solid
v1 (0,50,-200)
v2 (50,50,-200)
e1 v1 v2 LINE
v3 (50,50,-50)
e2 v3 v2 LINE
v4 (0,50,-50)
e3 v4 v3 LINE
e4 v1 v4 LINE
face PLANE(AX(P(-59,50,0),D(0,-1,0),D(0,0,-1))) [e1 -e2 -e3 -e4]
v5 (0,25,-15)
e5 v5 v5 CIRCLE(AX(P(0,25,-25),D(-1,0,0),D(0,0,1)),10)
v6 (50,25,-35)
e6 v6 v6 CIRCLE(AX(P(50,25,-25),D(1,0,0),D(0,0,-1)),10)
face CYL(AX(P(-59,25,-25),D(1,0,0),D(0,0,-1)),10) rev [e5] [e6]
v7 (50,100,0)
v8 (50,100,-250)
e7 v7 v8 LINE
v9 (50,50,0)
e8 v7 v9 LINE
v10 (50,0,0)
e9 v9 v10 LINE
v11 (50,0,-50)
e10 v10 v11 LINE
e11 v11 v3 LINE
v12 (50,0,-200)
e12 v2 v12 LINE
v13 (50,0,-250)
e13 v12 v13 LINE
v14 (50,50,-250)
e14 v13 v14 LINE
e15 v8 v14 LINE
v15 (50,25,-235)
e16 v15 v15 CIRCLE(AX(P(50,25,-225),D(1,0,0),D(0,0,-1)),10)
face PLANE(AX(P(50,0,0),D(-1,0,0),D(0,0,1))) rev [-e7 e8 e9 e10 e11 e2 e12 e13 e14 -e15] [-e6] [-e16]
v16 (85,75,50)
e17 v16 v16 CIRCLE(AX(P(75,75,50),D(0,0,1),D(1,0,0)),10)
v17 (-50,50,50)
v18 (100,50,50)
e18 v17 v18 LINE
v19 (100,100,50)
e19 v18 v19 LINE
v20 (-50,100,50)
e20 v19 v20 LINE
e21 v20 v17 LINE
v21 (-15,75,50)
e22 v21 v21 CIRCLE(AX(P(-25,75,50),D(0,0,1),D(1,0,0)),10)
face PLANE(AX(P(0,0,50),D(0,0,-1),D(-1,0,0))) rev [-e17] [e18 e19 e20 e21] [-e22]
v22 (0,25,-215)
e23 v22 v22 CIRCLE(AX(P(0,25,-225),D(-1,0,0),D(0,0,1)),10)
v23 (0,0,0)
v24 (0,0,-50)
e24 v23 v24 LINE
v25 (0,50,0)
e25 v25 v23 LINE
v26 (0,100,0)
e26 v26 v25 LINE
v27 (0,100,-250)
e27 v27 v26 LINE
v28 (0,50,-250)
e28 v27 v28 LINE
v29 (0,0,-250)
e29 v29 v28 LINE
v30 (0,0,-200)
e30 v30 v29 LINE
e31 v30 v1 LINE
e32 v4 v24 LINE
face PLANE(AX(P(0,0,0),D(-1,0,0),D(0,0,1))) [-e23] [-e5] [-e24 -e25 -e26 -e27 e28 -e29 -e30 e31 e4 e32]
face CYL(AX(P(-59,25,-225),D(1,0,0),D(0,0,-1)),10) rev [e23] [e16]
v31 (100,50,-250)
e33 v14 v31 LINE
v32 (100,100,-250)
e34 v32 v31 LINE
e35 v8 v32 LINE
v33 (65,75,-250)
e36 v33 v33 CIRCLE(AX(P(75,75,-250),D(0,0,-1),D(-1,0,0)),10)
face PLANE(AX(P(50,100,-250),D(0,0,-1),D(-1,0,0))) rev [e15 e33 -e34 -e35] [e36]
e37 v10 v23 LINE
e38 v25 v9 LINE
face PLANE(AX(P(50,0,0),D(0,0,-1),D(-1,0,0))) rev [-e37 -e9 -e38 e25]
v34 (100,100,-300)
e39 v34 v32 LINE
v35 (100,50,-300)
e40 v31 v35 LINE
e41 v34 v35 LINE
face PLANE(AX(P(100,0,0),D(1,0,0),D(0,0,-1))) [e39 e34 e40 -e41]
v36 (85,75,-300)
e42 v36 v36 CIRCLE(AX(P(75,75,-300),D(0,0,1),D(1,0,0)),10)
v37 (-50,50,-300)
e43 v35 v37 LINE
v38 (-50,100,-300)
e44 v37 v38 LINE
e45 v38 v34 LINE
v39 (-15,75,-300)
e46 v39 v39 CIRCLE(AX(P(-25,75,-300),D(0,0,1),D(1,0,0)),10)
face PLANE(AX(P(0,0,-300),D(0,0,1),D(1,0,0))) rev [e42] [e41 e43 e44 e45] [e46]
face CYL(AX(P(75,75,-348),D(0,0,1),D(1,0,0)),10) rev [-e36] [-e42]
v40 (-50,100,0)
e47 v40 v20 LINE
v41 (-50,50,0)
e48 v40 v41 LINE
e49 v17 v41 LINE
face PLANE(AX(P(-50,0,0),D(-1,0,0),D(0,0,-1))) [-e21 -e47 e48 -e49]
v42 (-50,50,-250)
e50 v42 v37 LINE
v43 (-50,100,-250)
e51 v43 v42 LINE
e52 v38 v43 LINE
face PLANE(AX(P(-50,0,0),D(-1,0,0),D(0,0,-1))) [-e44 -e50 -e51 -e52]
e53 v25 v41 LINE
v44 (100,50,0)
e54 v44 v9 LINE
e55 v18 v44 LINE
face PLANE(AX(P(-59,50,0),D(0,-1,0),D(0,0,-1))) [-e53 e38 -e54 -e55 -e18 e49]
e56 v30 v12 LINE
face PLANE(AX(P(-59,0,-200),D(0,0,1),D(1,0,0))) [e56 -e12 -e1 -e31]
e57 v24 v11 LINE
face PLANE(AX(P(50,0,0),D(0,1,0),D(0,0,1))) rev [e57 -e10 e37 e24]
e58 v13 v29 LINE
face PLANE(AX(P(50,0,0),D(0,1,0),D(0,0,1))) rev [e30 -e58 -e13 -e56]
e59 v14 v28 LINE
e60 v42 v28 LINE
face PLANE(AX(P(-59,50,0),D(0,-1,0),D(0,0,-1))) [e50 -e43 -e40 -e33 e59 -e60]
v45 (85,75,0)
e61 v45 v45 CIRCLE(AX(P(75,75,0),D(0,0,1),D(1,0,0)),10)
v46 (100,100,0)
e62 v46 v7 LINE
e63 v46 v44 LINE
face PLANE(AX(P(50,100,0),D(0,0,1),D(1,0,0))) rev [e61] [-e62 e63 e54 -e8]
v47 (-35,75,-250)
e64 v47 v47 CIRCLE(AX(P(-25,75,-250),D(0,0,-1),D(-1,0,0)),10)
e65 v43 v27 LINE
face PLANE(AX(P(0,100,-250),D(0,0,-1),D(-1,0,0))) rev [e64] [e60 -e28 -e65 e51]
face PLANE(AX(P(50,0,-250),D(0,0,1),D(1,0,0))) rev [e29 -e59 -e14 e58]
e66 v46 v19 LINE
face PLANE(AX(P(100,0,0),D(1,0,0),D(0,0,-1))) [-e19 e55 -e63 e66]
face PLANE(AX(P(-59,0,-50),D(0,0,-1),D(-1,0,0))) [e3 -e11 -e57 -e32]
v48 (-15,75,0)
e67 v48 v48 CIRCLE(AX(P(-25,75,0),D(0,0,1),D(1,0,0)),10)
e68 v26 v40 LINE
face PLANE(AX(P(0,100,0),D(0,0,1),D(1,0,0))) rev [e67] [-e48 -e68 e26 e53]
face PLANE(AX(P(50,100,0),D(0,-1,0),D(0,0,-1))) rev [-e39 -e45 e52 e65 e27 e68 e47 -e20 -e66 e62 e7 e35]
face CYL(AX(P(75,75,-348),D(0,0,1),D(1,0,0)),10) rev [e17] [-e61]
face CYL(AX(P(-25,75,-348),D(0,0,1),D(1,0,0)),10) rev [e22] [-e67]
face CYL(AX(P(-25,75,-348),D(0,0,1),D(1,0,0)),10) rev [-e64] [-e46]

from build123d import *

# Parameters (mm, degrees)
SKETCH2_W           = 250
SKETCH2_H           = 100
BOSS_EXTRUDE1_DEPTH = 50
SKETCH3_W           = 150
SKETCH3_H           = 50
CUT_EXTRUDE1_DEPTH  = 109
SKETCH4_R           = 10
CUT_EXTRUDE2_DEPTH  = 109
SKETCH5_W           = 250
SKETCH5_H           = 50
BOSS_EXTRUDE2_DEPTH = 50
SKETCH8_W           = 150
SKETCH8_H           = 50
BOSS_EXTRUDE3_DEPTH = 50
SKETCH9_W           = 150
SKETCH9_H           = 50
BOSS_EXTRUDE4_DEPTH = 50
SKETCH10_W          = 50
SKETCH10_H          = 250
CUT_EXTRUDE5_DEPTH  = 50
SKETCH11_R          = 10
CUT_EXTRUDE6_DEPTH  = 398


with BuildPart() as part:
    # Sketch2 → Boss-Extrude1 (new body)
    with BuildSketch(Plane(origin=(0, 0, 0), x_dir=(0, 0, -1), z_dir=(1, 0, 0))):
        with Locations((125, 50)):
            Rectangle(SKETCH2_W, SKETCH2_H)
    extrude(amount=BOSS_EXTRUDE1_DEPTH)

    # Sketch3 → Cut-Extrude1 (cut)
    with BuildSketch(Plane(origin=(50, 0, 0), x_dir=(0, 0, -1), z_dir=(1, 0, 0))):
        with Locations((125, 25)):
            Rectangle(SKETCH3_W, SKETCH3_H)
    extrude(amount=-CUT_EXTRUDE1_DEPTH, mode=Mode.SUBTRACT)

    # Sketch4 → Cut-Extrude2 (cut)
    with BuildSketch(Plane(origin=(50, 0, 0), x_dir=(0, 0, -1), z_dir=(1, 0, 0))):
        with Locations((25, 25)):
            Circle(SKETCH4_R)
        with Locations((225, 25)):
            Circle(SKETCH4_R)
    extrude(amount=-CUT_EXTRUDE2_DEPTH, mode=Mode.SUBTRACT)

    # Sketch5 → Boss-Extrude2 (add)
    with BuildSketch(Plane(origin=(50, 0, 0), x_dir=(0, 0, -1), z_dir=(1, 0, 0))):
        with Locations((125, 75)):
            Rectangle(SKETCH5_W, SKETCH5_H)
    boss_extrude2 = extrude(amount=BOSS_EXTRUDE2_DEPTH)

    # Mirror1: Boss-Extrude2 across plane
    add(boss_extrude2.mirror(Plane(origin=(25, 0, 0), x_dir=(0, 0, 1), z_dir=(1, 0, 0))))

    # Sketch8 → Boss-Extrude3 (add)
    with BuildSketch(Plane.XY):
        with Locations((25, 75)):
            Rectangle(SKETCH8_W, SKETCH8_H)
    extrude(amount=BOSS_EXTRUDE3_DEPTH)

    # Sketch9 → Boss-Extrude4 (add)
    with BuildSketch(Plane(origin=(0, 0, -250), x_dir=(-1, 0, 0), z_dir=(0, 0, -1))):
        with Locations((-25, 75)):
            Rectangle(SKETCH9_W, SKETCH9_H)
    extrude(amount=BOSS_EXTRUDE4_DEPTH)

    # Sketch10 → Cut-Extrude5 (cut)
    with BuildSketch(Plane.XZ.offset(-50)):
        with Locations((75, -125)):
            Rectangle(SKETCH10_W, SKETCH10_H)
        with Locations((-25, -125)):
            Rectangle(SKETCH10_W, SKETCH10_H)
    extrude(amount=-CUT_EXTRUDE5_DEPTH, mode=Mode.SUBTRACT)

    # Sketch11 → Cut-Extrude6 (cut)
    with BuildSketch(Plane.XY.offset(50)):
        with Locations((-25, 75)):
            Circle(SKETCH11_R)
        with Locations((75, 75)):
            Circle(SKETCH11_R)
    extrude(amount=-CUT_EXTRUDE6_DEPTH, mode=Mode.SUBTRACT)


solid = part.part
